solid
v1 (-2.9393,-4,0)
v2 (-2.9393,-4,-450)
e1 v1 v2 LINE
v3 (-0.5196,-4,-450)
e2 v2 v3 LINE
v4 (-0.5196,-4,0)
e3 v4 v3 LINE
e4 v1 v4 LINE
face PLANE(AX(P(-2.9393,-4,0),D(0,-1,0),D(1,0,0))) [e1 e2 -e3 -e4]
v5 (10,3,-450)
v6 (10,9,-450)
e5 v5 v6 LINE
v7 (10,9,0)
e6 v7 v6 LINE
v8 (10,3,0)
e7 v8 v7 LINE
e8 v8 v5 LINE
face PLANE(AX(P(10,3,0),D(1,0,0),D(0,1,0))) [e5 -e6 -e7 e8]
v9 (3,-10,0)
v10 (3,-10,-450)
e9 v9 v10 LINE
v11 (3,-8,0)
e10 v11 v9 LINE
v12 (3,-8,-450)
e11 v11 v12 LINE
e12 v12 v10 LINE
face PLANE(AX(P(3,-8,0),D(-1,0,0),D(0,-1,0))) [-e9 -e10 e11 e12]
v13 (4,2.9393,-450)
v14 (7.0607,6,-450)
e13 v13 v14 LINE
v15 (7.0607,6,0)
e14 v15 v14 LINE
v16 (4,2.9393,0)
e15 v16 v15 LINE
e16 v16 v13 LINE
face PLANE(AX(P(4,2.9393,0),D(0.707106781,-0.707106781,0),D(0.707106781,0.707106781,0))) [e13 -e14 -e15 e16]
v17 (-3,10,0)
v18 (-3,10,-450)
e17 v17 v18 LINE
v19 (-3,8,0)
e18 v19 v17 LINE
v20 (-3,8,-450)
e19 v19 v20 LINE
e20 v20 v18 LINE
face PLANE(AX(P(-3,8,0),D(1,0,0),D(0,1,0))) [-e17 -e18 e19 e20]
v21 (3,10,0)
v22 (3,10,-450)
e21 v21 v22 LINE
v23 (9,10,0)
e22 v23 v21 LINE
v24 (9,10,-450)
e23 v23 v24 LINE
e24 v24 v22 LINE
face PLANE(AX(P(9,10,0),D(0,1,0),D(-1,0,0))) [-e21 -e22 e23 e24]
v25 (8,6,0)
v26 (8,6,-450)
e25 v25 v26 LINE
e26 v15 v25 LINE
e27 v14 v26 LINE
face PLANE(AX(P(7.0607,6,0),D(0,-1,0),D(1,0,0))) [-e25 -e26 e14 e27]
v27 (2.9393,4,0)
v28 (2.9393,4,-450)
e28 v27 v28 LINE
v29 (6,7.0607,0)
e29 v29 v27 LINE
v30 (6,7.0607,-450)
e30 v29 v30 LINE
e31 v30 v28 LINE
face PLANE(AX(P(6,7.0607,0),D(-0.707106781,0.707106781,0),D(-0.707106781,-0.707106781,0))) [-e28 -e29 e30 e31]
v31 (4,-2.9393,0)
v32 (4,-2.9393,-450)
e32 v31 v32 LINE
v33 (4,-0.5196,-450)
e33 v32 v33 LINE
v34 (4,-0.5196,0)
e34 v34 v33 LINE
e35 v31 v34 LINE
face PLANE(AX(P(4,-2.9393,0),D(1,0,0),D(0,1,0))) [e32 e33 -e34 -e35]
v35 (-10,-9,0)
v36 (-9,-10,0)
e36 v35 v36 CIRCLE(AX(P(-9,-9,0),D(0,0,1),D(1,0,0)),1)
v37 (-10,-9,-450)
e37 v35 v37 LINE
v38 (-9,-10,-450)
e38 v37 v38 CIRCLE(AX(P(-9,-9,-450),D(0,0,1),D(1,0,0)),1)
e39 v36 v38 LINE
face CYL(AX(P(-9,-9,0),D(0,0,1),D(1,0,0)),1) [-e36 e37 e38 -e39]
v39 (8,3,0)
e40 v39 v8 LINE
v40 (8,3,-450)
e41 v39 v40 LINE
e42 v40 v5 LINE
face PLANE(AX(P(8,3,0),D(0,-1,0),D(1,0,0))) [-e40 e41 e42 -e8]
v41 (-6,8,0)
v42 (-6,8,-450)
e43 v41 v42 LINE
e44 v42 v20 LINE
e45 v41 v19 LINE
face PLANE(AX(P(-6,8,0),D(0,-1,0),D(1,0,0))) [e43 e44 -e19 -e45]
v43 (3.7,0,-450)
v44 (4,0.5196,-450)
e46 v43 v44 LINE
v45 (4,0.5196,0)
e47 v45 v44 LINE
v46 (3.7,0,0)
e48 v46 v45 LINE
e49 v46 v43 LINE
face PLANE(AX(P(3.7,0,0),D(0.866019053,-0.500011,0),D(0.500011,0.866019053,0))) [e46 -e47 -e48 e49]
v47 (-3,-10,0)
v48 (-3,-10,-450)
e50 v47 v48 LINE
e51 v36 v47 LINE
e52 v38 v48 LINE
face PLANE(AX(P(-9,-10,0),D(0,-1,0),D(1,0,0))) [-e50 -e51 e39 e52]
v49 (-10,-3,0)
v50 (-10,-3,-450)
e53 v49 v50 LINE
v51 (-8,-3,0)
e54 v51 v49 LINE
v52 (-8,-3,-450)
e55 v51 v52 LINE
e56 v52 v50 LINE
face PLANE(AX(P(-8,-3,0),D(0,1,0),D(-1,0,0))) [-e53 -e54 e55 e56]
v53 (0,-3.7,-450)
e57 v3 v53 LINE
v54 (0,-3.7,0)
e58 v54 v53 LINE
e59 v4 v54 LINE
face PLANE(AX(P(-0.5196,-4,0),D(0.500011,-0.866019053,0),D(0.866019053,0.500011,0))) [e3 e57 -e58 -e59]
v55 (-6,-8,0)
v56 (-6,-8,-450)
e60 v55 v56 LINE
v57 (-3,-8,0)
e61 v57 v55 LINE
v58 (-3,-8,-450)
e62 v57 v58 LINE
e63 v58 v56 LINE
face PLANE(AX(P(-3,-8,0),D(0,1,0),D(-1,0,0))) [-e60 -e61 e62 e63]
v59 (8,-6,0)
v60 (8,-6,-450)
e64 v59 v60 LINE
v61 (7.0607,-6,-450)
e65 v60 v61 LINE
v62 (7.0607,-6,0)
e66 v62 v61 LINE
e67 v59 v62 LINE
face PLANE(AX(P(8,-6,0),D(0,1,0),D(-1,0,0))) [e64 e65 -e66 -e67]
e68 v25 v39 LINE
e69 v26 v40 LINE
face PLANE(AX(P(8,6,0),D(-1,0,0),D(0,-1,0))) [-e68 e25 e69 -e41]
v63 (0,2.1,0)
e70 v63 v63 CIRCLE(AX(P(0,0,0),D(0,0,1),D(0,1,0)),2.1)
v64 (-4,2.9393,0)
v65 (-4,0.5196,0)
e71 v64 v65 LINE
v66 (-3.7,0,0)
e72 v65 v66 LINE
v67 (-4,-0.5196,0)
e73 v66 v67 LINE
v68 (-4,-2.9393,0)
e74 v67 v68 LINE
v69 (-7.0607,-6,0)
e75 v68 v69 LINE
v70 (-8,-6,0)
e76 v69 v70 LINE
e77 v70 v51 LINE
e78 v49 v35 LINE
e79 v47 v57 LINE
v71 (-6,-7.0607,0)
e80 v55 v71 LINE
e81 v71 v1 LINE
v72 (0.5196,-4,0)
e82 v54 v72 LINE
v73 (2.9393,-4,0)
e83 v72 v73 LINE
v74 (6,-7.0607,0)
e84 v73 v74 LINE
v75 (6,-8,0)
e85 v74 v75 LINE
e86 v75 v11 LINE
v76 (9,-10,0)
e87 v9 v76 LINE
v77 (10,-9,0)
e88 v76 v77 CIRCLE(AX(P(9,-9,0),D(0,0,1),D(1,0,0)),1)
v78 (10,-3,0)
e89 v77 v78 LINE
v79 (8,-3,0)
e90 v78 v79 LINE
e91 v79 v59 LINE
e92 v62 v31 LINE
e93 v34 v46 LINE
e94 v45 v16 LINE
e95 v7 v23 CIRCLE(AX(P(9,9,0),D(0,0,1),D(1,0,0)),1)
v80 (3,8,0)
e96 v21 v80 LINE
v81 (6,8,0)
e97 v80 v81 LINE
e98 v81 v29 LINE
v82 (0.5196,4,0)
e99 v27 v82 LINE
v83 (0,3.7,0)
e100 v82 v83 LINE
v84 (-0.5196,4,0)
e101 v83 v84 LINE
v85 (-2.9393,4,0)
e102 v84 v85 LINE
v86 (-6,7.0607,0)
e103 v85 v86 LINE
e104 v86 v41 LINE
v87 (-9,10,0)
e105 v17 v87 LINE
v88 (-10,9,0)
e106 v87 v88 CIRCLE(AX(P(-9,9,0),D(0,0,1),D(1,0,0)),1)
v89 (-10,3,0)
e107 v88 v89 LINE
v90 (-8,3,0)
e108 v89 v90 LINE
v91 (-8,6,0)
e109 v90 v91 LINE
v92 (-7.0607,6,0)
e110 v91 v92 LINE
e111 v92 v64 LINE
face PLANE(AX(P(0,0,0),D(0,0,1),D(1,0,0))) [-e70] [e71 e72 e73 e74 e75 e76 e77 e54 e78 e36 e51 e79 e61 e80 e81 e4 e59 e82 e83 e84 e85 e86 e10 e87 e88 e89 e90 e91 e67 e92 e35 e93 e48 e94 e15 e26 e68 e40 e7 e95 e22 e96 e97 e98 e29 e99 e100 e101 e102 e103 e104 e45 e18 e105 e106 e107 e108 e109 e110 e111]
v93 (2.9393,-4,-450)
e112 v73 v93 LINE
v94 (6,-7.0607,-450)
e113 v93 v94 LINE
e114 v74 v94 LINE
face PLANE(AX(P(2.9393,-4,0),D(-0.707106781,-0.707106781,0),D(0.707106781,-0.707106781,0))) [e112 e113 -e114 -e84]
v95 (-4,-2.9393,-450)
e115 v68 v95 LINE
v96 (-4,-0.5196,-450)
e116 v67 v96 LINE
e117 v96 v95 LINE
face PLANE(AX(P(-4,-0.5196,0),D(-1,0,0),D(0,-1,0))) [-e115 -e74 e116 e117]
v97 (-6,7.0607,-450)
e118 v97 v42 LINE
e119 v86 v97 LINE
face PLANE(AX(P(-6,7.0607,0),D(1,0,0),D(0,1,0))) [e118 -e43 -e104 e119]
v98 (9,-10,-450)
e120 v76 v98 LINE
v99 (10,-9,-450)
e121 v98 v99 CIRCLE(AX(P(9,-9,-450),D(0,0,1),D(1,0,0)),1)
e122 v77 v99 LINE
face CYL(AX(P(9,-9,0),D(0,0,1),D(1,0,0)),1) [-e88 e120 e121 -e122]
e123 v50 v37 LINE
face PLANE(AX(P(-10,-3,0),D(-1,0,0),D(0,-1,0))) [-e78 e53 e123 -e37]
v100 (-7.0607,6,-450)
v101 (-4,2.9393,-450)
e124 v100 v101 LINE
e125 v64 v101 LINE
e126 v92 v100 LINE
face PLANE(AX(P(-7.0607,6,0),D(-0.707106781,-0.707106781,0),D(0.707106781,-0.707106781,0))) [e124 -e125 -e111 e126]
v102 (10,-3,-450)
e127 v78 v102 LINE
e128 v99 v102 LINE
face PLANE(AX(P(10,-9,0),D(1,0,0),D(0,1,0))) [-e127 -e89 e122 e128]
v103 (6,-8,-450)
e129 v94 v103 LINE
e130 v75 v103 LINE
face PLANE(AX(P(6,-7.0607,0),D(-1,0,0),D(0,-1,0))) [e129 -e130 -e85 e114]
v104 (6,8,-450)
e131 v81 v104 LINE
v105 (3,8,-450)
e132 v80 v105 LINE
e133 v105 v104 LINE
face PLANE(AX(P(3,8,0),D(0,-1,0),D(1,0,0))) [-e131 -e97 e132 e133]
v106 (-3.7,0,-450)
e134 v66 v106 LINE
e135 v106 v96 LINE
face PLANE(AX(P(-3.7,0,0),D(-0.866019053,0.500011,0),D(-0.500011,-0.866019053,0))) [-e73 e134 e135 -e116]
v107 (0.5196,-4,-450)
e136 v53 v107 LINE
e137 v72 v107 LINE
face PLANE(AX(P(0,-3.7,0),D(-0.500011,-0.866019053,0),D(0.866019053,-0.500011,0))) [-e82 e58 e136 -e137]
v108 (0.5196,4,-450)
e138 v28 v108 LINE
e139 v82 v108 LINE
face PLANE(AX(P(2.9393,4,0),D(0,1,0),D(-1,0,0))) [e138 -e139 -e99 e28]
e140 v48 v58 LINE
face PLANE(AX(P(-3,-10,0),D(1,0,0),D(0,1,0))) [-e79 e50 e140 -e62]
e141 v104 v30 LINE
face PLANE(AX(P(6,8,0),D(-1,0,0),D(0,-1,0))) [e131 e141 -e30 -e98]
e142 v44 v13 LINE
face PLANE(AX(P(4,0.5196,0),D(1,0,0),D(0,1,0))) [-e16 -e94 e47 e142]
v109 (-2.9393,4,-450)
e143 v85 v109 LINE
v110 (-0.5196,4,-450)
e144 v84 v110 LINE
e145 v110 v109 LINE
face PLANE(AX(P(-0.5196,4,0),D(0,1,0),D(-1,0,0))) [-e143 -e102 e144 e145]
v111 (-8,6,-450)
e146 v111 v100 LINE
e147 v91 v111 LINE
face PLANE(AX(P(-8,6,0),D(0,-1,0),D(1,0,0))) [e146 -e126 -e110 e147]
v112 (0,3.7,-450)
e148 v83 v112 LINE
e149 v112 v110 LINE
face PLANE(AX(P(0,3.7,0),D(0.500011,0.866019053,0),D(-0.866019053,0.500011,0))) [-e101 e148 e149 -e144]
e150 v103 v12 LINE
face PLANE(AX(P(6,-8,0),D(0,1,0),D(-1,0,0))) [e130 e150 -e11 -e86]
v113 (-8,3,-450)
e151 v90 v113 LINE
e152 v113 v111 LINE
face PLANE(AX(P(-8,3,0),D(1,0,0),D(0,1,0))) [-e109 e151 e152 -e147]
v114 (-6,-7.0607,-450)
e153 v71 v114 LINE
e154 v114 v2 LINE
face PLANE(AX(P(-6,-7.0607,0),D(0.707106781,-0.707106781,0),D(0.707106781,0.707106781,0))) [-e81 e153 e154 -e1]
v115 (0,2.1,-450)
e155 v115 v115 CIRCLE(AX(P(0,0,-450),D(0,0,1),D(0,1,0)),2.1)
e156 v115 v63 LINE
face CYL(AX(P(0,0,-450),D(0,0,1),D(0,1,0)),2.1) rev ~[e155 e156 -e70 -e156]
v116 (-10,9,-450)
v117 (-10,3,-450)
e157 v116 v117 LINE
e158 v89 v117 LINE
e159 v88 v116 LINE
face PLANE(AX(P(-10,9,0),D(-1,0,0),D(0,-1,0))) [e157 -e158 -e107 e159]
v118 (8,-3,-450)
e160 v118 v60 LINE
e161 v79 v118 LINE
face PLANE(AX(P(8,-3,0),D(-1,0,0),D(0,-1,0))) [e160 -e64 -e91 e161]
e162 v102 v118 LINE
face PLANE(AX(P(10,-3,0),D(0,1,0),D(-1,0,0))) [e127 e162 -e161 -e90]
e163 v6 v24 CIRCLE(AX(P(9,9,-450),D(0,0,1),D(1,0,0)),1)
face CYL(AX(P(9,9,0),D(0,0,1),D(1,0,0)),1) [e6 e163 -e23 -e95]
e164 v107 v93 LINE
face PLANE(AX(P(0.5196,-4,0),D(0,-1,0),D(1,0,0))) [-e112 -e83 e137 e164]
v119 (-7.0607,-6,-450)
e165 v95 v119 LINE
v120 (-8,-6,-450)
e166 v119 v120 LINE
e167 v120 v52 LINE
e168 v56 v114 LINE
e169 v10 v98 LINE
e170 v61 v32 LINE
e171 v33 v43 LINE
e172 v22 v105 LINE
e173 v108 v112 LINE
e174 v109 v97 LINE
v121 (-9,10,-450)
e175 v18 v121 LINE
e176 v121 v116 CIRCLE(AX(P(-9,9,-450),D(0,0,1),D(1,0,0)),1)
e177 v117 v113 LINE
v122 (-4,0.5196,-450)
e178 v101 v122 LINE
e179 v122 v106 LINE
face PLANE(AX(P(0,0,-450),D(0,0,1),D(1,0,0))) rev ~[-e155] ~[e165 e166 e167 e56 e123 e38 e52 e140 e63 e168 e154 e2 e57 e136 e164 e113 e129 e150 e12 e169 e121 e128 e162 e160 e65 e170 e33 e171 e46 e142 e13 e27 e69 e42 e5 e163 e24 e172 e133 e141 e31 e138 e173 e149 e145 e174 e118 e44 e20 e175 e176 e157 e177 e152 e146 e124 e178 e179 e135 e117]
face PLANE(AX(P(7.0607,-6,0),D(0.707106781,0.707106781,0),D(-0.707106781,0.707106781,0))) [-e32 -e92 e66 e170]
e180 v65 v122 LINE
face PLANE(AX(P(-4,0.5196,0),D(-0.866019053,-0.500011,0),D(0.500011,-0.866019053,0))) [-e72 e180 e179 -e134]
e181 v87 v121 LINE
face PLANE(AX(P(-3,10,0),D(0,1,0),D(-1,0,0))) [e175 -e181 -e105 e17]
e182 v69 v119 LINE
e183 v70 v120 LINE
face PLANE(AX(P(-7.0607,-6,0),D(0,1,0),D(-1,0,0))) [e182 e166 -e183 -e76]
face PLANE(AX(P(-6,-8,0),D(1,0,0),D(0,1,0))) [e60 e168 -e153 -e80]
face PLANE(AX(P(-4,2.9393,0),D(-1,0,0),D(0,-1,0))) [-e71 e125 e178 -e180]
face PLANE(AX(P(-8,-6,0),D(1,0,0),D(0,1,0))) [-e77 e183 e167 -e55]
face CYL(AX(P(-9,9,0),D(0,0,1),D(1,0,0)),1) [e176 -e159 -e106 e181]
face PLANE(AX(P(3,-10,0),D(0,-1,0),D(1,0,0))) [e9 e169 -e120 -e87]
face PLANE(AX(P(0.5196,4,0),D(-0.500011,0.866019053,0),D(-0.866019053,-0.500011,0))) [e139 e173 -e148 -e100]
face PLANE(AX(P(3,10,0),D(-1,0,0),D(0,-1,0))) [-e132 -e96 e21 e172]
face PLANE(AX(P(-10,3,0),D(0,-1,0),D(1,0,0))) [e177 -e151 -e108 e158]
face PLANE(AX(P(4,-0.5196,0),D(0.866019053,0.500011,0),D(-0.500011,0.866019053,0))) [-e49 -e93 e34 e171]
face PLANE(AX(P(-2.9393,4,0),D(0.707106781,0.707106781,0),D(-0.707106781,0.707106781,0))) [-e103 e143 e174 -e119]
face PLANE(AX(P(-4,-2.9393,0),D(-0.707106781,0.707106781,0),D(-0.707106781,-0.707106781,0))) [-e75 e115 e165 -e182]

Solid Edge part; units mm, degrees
sketch "Sketch1" plane through (0, 0, 0) normal (0, 0, 1) x (1, 0, 0)
  line L0 (-10, -3) -> (-10, -9)
  arc A0 (-10, -9) -> (-9, -10) centre (-9, -9) ccw
  line L1 (-9, -10) -> (-3, -10)
  line L2 (-3, -10) -> (-3, -8)
  line L3 (-3, -8) -> (-6, -8)
  line L4 (-6, -8) -> (-6, -7.0607)
  line L5 (-6, -7.0607) -> (-2.9393, -4)
  line L6 (-2.9393, -4) -> (-0.5196, -4)
  line L7 (-0.5196, -4) -> (0, -3.7)
  line L8 (0, -3.7) -> (0.5196, -4)
  line L9 (0.5196, -4) -> (2.9393, -4)
  line L10 (2.9393, -4) -> (6, -7.0607)
  line L11 (6, -7.0607) -> (6, -8)
  line L12 (6, -8) -> (3, -8)
  line L13 (3, -8) -> (3, -10)
  line L14 (3, -10) -> (9, -10)
  arc A1 (9, -10) -> (10, -9) centre (9, -9) ccw
  line L15 (10, -9) -> (10, -3)
  line L16 (10, -3) -> (8, -3)
  line L17 (8, -3) -> (8, -6)
  line L18 (8, -6) -> (7.0607, -6)
  line L19 (7.0607, -6) -> (4, -2.9393)
  line L20 (4, -2.9393) -> (4, -0.5196)
  line L21 (4, -0.5196) -> (3.7, 0)
  line L22 (3.7, 0) -> (4, 0.5196)
  line L23 (4, 0.5196) -> (4, 2.9393)
  line L24 (4, 2.9393) -> (7.0607, 6)
  line L25 (7.0607, 6) -> (8, 6)
  line L26 (8, 6) -> (8, 3)
  line L27 (8, 3) -> (10, 3)
  line L28 (10, 3) -> (10, 9)
  arc A2 (10, 9) -> (9, 10) centre (9, 9) ccw
  line L29 (9, 10) -> (3, 10)
  line L30 (3, 10) -> (3, 8)
  line L31 (3, 8) -> (6, 8)
  line L32 (6, 8) -> (6, 7.0607)
  line L33 (6, 7.0607) -> (2.9393, 4)
  line L34 (2.9393, 4) -> (0.5196, 4)
  line L35 (0.5196, 4) -> (0, 3.7)
  line L36 (0, 3.7) -> (-0.5196, 4)
  line L37 (-0.5196, 4) -> (-2.9393, 4)
  line L38 (-2.9393, 4) -> (-6, 7.0607)
  line L39 (-6, 7.0607) -> (-6, 8)
  line L40 (-6, 8) -> (-3, 8)
  line L41 (-3, 8) -> (-3, 10)
  line L42 (-3, 10) -> (-9, 10)
  arc A3 (-9, 10) -> (-10, 9) centre (-9, 9) ccw
  line L43 (-10, 9) -> (-10, 3)
  line L44 (-10, 3) -> (-8, 3)
  line L45 (-8, 3) -> (-8, 6)
  line L46 (-8, 6) -> (-7.0607, 6)
  line L47 (-7.0607, 6) -> (-4, 2.9393)
  line L48 (-4, 2.9393) -> (-4, 0.5196)
  line L49 (-4, 0.5196) -> (-3.7, 0)
  line L50 (-3.7, 0) -> (-4, -0.5196)
  line L51 (-4, -0.5196) -> (-4, -2.9393)
  line L52 (-4, -2.9393) -> (-7.0607, -6)
  line L53 (-7.0607, -6) -> (-8, -6)
  line L54 (-8, -6) -> (-8, -3)
  line L55 (-8, -3) -> (-10, -3)
extrude "Protrusion1" add sketch "Sketch1" against normal blind 450
hole "Bohrung_1" at (0, 0, -450) direction (0, 0, 1) diameter 4.2 depth 450
properties part number "HFS5-2020-450"
